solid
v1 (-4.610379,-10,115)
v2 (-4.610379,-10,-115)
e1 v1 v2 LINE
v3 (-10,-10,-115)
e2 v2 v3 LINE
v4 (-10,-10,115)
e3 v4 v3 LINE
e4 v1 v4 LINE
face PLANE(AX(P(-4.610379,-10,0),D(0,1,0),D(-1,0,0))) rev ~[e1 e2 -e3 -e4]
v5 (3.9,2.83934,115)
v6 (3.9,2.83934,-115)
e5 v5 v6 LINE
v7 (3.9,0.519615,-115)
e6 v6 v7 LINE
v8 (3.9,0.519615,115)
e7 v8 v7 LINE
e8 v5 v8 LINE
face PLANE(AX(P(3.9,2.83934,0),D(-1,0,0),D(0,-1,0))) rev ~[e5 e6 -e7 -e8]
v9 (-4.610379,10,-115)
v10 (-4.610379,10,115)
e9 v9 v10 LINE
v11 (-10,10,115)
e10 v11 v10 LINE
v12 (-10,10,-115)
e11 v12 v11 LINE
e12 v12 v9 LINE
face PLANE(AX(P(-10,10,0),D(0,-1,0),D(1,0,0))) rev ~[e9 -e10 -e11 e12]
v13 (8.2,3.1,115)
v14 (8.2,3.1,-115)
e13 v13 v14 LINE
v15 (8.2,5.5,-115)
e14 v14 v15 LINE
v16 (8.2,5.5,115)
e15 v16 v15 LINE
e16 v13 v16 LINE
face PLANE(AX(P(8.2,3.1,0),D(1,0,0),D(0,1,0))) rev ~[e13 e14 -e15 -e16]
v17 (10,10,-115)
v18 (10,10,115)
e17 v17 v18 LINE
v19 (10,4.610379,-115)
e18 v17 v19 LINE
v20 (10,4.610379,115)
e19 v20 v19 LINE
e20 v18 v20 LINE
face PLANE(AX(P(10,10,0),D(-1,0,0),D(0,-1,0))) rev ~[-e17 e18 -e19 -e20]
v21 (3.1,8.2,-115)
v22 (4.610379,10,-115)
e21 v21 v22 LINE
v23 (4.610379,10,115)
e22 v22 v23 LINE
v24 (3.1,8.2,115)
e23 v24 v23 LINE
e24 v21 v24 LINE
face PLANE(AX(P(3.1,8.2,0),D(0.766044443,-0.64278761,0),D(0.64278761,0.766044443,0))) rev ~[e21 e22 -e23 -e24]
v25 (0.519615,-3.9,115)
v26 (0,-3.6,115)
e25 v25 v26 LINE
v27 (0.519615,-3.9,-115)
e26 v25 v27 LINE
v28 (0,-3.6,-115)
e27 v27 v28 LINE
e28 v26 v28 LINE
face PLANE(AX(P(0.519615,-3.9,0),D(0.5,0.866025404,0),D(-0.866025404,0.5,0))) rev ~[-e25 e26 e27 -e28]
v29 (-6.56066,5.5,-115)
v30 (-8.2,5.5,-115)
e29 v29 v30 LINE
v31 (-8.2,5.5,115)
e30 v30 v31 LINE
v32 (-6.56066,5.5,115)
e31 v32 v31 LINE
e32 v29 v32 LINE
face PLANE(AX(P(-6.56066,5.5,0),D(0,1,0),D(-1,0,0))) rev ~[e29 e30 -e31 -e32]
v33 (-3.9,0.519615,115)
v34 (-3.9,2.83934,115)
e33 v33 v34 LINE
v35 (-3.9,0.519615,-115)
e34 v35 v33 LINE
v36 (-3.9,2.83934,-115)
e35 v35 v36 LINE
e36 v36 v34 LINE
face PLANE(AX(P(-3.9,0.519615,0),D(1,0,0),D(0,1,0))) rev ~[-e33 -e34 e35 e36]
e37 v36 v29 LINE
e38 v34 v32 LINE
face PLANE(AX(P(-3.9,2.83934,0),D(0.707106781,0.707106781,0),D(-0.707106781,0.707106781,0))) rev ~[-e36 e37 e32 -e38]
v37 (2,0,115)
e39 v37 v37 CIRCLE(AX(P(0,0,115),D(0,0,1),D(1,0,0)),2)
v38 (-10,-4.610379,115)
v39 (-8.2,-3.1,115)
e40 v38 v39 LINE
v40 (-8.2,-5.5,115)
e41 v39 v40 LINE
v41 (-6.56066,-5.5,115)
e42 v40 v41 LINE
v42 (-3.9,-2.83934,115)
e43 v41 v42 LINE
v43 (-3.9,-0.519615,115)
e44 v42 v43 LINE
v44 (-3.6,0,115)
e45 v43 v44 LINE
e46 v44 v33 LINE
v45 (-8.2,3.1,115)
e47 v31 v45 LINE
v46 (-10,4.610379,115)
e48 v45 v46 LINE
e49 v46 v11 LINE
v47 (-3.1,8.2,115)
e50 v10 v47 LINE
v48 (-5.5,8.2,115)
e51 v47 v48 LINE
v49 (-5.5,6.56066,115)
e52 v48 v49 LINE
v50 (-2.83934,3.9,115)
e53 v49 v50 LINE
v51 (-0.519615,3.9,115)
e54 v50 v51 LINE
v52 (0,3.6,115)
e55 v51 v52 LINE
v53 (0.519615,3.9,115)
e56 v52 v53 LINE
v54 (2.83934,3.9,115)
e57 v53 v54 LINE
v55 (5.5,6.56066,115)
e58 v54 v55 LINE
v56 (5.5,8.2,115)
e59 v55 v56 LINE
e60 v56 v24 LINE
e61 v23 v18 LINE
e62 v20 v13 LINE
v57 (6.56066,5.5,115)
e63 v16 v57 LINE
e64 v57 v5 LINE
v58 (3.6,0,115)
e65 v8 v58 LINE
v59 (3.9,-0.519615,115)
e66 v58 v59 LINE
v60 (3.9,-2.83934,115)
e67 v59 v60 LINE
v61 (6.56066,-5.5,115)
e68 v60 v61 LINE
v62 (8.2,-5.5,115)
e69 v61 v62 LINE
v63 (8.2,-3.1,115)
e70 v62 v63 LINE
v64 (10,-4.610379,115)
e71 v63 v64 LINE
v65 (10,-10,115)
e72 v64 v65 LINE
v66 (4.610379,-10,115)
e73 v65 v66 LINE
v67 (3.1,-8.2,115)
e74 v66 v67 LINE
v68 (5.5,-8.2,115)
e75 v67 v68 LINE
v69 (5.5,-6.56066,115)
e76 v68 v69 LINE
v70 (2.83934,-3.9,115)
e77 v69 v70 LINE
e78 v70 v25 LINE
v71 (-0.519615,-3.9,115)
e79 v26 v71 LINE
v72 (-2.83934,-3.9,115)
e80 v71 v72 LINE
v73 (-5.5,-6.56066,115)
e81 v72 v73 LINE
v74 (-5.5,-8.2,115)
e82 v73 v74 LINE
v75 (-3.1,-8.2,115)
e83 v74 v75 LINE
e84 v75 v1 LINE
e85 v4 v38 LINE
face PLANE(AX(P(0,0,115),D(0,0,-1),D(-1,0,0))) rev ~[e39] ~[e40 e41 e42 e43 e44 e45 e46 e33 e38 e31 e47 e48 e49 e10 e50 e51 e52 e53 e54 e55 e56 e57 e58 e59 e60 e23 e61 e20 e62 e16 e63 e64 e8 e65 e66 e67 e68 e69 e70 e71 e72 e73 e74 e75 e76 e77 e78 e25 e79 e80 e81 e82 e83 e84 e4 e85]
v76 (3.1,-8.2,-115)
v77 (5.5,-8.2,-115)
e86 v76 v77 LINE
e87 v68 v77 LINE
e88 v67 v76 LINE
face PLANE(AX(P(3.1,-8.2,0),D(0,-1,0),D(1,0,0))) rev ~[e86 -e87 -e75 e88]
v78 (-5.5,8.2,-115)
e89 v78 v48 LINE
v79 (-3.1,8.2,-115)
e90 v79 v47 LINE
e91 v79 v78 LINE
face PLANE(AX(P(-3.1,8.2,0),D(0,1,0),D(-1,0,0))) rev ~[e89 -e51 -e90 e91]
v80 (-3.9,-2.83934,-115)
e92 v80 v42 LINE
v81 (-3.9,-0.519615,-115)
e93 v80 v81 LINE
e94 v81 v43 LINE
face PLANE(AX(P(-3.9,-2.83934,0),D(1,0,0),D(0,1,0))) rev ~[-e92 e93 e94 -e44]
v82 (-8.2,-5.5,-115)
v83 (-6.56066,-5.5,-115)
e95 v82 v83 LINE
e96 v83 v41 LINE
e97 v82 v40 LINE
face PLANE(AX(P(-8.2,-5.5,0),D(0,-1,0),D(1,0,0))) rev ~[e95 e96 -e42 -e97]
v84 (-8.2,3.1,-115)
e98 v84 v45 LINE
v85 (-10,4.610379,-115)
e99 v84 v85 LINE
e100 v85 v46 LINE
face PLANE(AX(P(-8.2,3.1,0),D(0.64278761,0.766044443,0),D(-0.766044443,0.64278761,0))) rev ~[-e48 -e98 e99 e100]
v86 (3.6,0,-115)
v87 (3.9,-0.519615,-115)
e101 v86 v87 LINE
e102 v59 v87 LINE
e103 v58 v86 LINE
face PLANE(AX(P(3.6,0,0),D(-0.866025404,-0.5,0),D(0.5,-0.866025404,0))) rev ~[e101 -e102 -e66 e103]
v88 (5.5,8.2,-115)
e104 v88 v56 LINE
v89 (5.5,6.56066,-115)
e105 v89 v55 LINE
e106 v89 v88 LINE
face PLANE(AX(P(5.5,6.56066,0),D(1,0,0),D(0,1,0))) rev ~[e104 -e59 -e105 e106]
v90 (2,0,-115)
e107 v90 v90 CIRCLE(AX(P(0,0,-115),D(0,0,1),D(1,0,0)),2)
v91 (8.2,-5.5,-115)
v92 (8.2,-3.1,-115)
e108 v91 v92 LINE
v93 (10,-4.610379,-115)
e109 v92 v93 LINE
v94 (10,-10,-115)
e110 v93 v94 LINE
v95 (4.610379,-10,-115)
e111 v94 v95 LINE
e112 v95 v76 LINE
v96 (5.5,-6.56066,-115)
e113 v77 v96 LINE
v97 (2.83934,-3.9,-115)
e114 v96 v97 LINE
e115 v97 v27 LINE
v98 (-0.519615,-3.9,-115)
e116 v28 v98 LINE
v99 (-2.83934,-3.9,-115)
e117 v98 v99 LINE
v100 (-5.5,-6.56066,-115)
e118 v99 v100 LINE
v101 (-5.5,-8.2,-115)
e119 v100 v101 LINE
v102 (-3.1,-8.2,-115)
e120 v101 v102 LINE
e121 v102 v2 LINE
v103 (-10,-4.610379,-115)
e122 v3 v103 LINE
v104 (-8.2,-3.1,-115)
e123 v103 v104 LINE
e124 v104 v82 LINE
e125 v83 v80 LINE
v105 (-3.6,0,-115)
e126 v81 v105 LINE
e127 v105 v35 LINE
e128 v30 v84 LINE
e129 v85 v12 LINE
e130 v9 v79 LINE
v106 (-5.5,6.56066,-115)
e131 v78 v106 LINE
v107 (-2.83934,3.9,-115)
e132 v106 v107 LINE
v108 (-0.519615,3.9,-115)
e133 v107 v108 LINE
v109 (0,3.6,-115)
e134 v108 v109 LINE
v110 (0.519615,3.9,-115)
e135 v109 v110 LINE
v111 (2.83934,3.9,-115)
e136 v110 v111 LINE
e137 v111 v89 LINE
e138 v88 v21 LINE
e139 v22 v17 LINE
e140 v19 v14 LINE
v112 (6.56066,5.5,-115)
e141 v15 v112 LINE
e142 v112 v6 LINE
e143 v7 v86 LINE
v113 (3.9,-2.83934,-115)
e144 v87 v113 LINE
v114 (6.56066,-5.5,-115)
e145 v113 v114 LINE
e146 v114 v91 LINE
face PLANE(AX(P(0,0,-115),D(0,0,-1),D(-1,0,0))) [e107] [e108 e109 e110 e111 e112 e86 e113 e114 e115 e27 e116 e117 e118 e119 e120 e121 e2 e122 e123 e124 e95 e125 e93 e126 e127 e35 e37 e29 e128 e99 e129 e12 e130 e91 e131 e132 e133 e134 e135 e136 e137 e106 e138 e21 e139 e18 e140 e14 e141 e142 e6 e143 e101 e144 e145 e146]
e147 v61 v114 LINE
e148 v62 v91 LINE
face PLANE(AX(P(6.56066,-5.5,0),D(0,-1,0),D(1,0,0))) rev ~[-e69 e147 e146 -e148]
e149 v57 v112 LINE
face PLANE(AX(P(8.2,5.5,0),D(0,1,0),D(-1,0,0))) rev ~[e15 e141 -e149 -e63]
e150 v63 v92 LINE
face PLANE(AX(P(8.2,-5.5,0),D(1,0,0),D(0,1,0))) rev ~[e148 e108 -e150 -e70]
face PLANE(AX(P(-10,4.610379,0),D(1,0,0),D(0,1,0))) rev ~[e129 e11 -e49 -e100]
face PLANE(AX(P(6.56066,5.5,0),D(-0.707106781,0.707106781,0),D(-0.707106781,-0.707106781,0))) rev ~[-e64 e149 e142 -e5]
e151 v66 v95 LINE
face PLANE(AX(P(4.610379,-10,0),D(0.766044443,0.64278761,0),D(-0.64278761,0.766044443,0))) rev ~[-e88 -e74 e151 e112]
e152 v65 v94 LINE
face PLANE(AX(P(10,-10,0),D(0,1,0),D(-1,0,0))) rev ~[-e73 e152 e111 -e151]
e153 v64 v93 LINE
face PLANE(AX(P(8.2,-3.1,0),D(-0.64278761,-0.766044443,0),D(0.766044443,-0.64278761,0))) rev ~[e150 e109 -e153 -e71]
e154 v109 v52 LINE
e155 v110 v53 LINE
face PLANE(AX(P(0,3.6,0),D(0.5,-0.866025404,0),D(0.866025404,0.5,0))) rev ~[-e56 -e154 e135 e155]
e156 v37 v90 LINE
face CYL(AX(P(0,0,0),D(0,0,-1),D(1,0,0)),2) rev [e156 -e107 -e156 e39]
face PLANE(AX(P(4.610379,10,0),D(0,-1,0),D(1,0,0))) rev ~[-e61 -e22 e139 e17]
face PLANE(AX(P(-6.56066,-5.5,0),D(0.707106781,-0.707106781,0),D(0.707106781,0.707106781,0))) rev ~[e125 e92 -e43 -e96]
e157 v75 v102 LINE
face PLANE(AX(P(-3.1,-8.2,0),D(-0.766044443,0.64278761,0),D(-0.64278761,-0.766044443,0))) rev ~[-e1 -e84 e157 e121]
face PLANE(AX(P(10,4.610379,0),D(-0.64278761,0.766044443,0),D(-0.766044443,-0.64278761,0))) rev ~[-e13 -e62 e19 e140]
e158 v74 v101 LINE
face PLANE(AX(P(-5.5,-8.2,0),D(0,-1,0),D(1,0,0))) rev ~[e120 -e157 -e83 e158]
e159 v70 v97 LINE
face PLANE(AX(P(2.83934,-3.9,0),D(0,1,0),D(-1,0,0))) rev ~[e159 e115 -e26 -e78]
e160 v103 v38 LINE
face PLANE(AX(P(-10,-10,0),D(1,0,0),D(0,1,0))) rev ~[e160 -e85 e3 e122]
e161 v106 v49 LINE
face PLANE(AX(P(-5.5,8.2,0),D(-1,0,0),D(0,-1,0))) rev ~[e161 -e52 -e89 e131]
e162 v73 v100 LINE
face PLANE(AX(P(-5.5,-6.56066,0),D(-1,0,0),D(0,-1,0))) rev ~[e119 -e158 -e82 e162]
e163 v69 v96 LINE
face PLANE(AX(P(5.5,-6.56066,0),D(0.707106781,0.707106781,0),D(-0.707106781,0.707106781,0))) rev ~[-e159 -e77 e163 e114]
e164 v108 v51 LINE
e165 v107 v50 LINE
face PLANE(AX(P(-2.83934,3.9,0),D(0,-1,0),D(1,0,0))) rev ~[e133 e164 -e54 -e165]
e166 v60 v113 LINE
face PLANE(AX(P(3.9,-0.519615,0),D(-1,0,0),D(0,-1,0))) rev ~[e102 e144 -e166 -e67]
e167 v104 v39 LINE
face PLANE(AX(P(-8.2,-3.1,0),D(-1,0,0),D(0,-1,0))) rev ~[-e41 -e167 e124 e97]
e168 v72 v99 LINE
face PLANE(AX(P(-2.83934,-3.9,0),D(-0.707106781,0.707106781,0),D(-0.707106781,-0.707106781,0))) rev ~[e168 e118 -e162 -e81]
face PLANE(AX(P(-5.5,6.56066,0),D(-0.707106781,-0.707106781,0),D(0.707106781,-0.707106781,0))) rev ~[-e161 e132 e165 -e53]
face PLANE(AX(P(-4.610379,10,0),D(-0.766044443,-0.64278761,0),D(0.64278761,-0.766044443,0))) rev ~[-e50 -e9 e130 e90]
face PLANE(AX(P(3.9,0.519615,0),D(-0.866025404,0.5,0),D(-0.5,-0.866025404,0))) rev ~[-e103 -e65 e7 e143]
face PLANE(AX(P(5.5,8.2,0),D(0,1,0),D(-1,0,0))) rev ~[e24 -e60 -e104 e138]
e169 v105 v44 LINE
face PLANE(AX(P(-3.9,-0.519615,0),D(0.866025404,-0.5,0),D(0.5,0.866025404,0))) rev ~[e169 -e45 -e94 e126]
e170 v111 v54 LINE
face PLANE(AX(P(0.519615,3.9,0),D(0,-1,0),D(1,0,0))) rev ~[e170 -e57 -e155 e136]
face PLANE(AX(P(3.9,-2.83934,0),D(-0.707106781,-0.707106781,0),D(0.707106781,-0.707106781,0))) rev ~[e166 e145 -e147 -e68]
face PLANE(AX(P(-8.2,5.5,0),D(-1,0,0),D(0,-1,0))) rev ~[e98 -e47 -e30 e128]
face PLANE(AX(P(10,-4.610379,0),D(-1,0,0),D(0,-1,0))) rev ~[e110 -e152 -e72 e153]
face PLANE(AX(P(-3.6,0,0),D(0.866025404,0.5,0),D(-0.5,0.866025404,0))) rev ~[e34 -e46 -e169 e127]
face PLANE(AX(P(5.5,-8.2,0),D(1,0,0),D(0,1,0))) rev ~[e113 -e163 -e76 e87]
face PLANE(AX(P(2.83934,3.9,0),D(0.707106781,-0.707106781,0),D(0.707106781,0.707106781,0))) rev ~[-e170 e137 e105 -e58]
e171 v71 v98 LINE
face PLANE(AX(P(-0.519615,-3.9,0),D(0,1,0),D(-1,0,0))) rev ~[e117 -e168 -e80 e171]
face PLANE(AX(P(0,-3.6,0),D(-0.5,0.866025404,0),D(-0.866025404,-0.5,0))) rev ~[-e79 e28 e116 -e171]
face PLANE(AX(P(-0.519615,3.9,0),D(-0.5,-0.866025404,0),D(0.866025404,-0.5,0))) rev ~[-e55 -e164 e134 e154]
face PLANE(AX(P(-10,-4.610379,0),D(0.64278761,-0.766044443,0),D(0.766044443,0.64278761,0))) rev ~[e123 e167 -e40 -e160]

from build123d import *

# Parameters (mm, degrees)
SKETCH1_R           = 2
BOSS_EXTRUDE1_DEPTH = 115


with BuildPart() as part:
    # Sketch1 → Boss-Extrude1 (new, symmetric)
    with BuildSketch(Plane.XY):
        Polygon((10, 10), (10, 4.610379336), (8.2, 3.1), (8.2, 5.5), (6.560660172, 5.5), (3.9, 2.839339828), (3.9, 0.519615242), (3.6, 0), (3.9, -0.519615242), (3.9, -2.839339828), (6.560660172, -5.5), (8.2, -5.5), (8.2, -3.1), (10, -4.610379336), (10, -10), (4.610379336, -10), (3.1, -8.2), (5.5, -8.2), (5.5, -6.560660172), (2.839339828, -3.9), (0.519615242, -3.9), (0, -3.6), (-0.519615242, -3.9), (-2.839339828, -3.9), (-5.5, -6.560660172), (-5.5, -8.2), (-3.1, -8.2), (-4.610379336, -10), (-10, -10), (-10, -4.610379336), (-8.2, -3.1), (-8.2, -5.5), (-6.560660172, -5.5), (-3.9, -2.839339828), (-3.9, -0.519615242), (-3.6, 0), (-3.9, 0.519615242), (-3.9, 2.839339828), (-6.560660172, 5.5), (-8.2, 5.5), (-8.2, 3.1), (-10, 4.610379336), (-10, 10), (-4.610379336, 10), (-3.1, 8.2), (-5.5, 8.2), (-5.5, 6.560660172), (-2.839339828, 3.9), (-0.519615242, 3.9), (0, 3.6), (0.519615242, 3.9), (2.839339828, 3.9), (5.5, 6.560660172), (5.5, 8.2), (3.1, 8.2), (4.610379336, 10), align=None)
        Circle(SKETCH1_R, mode=Mode.SUBTRACT)
    extrude(amount=BOSS_EXTRUDE1_DEPTH, both=True)


solid = part.part
